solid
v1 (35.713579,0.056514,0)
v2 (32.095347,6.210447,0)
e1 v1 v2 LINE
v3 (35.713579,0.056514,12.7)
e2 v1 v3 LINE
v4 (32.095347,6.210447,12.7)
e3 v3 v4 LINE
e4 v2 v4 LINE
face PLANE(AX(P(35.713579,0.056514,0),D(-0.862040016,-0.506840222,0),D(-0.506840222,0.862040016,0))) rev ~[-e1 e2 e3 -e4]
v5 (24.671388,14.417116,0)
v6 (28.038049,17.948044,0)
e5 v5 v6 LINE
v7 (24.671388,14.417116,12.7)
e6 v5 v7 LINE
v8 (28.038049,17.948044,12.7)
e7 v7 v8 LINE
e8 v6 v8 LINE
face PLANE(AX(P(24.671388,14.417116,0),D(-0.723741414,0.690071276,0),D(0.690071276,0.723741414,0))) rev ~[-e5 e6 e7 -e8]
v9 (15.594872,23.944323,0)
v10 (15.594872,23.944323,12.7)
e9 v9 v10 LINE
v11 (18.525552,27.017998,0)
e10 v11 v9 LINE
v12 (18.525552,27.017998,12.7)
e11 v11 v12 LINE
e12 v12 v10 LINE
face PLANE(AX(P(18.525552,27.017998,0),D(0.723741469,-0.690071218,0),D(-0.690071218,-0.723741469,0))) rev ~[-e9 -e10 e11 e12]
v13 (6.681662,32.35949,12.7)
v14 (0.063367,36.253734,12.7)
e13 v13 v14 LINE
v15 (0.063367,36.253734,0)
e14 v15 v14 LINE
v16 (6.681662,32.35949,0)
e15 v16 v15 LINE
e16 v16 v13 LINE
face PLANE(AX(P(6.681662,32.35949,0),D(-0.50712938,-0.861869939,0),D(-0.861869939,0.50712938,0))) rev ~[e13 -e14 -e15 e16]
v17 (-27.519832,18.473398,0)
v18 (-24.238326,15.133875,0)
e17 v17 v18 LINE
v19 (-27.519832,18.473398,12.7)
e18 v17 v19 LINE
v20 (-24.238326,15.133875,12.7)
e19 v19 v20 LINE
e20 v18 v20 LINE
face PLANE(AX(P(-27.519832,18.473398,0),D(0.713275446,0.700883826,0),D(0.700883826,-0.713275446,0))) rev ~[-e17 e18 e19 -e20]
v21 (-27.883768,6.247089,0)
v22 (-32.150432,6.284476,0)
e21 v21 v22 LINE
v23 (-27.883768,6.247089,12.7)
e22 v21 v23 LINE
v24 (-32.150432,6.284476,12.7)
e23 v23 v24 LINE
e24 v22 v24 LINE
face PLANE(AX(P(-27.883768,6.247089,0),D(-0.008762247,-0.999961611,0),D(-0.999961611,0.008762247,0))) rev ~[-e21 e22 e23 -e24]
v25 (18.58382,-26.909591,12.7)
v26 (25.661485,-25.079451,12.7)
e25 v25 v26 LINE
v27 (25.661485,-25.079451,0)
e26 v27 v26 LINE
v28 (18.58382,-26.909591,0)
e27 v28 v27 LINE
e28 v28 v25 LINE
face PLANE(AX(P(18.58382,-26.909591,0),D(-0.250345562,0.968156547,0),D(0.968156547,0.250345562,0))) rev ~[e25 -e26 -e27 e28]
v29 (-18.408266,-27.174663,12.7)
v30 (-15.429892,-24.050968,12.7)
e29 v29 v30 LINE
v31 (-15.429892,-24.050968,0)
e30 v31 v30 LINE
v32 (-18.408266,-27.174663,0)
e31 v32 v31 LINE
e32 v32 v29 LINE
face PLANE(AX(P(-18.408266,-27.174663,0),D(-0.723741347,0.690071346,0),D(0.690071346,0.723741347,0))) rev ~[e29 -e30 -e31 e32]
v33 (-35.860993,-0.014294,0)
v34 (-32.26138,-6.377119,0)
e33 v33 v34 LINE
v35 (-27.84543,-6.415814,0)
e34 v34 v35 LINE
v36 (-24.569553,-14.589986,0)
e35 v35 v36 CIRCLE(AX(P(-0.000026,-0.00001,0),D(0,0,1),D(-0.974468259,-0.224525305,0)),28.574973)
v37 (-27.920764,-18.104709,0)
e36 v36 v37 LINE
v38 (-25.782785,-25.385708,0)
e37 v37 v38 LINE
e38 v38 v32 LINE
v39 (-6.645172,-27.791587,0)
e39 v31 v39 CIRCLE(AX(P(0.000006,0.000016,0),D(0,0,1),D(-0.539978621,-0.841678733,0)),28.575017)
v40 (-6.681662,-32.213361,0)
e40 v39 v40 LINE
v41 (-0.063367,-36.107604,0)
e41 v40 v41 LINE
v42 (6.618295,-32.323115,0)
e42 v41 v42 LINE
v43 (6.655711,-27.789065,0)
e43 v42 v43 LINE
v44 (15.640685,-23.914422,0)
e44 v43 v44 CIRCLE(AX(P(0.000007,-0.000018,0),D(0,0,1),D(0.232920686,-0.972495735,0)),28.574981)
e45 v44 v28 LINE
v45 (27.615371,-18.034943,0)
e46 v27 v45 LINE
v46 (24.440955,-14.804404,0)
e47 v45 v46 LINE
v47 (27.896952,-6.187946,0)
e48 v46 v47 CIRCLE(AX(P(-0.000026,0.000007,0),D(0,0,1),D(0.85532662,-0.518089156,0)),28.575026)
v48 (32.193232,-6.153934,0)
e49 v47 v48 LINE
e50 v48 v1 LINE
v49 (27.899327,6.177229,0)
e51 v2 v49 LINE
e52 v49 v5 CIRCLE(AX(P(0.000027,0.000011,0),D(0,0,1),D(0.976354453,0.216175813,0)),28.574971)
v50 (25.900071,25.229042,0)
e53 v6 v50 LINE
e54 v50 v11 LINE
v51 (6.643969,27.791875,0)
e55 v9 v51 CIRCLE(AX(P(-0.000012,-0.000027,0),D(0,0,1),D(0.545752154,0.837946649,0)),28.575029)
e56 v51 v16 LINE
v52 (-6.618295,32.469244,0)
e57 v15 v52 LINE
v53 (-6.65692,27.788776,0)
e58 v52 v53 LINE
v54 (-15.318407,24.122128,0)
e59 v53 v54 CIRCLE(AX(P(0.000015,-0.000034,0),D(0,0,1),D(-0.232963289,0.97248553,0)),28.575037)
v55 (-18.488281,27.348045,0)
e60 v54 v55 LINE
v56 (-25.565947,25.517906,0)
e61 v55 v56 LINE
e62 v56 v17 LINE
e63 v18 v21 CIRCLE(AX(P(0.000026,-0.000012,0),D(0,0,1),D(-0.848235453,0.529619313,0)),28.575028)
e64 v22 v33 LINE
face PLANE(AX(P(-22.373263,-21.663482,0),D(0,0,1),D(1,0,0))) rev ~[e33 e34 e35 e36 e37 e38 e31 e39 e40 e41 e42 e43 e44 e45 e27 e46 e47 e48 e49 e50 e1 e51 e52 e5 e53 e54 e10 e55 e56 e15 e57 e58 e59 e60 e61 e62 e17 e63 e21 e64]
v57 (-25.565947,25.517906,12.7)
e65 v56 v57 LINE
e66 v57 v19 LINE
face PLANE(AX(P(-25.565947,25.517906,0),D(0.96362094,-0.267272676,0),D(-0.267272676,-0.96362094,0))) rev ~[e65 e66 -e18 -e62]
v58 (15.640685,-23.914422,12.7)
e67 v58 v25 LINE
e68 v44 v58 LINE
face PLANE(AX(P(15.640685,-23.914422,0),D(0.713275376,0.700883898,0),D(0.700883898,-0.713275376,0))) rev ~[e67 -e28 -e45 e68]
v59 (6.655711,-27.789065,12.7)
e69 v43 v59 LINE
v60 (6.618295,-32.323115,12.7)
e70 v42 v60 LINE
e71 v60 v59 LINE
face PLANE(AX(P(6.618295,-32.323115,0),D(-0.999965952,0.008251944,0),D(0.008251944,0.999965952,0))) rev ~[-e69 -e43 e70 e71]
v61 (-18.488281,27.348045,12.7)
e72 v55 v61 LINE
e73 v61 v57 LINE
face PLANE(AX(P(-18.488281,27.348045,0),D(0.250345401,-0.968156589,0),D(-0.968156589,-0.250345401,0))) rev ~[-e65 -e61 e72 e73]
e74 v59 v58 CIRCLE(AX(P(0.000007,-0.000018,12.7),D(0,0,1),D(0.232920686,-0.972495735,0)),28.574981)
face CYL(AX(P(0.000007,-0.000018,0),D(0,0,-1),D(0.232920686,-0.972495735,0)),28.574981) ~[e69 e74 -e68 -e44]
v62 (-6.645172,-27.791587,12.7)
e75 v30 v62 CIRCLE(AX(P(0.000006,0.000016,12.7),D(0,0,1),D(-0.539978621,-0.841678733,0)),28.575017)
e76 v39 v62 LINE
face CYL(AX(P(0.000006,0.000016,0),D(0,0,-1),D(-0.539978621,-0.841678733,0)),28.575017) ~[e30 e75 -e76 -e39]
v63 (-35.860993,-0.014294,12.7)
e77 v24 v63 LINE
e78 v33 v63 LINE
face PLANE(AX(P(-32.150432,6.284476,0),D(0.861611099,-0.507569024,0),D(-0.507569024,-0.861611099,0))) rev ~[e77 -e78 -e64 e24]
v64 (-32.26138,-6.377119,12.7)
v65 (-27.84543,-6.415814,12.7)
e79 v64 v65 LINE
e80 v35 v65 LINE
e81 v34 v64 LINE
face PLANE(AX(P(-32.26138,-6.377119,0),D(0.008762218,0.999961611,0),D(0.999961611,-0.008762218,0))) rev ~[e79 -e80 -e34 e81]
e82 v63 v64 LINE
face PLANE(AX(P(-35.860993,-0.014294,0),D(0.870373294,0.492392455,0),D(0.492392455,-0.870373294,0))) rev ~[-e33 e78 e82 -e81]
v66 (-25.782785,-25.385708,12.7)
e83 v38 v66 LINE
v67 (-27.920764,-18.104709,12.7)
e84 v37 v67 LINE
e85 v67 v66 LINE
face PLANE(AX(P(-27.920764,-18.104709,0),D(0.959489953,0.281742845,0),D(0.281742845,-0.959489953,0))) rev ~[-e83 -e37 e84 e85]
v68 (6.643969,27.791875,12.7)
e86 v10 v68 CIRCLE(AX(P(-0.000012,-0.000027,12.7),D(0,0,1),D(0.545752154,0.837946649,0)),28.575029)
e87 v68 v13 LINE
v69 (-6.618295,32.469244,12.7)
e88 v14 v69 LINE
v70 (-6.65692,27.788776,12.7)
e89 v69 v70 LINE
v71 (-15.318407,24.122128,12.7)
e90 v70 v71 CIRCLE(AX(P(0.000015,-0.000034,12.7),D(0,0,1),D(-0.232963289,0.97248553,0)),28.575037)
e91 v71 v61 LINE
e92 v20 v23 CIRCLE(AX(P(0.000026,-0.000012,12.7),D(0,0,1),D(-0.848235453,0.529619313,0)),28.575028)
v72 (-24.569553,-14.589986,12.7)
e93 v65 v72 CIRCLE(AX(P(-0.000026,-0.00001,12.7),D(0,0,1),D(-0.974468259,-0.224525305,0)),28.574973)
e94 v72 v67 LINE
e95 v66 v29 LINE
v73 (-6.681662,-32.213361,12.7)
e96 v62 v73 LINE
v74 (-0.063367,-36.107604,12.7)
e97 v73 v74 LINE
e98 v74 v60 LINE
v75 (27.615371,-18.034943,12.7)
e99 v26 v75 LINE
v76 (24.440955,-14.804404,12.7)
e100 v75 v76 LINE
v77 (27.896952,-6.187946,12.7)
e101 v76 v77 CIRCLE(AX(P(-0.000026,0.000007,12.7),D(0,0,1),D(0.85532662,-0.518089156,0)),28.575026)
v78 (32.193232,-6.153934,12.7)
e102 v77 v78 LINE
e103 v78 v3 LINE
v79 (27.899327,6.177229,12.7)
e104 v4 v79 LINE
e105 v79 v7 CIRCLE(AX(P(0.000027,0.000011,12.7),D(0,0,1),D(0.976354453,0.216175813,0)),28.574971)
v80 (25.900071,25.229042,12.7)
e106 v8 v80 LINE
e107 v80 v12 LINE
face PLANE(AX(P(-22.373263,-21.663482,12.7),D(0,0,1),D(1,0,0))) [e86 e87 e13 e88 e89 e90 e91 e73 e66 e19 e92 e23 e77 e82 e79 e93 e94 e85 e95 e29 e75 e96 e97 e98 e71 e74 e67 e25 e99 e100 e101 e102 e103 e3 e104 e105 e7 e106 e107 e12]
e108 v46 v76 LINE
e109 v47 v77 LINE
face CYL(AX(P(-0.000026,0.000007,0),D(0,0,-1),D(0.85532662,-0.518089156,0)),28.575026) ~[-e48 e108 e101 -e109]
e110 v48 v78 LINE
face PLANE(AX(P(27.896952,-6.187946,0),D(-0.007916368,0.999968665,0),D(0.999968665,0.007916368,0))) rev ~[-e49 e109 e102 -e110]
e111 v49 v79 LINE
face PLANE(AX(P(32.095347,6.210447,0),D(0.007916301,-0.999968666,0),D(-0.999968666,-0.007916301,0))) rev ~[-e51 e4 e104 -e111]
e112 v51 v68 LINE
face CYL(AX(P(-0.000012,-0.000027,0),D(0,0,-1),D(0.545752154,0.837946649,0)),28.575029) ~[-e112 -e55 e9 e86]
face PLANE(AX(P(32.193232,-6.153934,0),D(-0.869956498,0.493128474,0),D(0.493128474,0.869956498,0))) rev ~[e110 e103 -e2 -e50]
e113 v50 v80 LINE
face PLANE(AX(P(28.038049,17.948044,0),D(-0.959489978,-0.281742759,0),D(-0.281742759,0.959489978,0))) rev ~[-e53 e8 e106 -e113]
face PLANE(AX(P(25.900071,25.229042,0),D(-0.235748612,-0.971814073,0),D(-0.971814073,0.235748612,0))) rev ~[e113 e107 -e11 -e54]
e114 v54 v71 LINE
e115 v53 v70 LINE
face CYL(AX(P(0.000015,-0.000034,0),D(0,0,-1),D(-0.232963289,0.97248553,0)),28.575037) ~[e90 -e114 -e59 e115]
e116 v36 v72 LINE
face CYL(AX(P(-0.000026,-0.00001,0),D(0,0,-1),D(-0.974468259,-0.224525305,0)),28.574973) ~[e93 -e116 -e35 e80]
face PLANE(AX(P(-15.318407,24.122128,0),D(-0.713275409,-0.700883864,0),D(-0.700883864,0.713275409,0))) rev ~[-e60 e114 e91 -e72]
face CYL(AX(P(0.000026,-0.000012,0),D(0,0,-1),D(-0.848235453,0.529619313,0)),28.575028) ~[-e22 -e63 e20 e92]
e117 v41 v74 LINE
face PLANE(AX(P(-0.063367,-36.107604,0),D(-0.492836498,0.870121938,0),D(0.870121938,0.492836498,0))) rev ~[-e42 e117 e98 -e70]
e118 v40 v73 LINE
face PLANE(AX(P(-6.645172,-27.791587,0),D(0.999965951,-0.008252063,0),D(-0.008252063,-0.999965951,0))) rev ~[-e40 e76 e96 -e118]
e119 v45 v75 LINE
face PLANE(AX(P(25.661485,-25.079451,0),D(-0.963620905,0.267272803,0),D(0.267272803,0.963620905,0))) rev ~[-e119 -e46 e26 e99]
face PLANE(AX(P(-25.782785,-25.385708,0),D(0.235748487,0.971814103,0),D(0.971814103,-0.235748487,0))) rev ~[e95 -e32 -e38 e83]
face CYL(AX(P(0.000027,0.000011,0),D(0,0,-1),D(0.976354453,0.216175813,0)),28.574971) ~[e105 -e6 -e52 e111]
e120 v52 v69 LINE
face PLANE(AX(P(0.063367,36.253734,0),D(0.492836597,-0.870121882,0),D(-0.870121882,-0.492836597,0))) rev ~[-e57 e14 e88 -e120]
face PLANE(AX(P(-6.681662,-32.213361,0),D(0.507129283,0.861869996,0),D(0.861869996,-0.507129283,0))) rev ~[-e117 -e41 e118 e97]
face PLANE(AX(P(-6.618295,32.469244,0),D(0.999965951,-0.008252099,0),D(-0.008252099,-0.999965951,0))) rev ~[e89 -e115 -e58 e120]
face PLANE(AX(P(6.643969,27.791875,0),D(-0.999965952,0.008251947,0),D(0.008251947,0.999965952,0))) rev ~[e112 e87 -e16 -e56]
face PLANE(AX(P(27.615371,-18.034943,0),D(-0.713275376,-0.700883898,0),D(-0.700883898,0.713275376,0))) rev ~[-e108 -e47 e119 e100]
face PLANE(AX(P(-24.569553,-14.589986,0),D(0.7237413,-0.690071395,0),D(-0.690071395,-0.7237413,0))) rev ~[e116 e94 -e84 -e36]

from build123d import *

# Parameters (mm, degrees)
F1_DEPTH = 12.7


with BuildPart() as f1:
    # F0 (on Top) → F1 (new body)
    with BuildSketch(Plane.XY):
        with BuildLine():
            Line((-18.408266, -27.174663), (-15.429892, -24.050968))
            ThreePointArc((-15.429892, -24.050968), (-20.551556, -19.853568), (-24.569553, -14.589986))
            Line((-24.569553, -14.589986), (-27.920764, -18.104709))
            Line((-27.920764, -18.104709), (-25.782785, -25.385708))
            Line((-25.782785, -25.385708), (-18.408266, -27.174663))
        make_face()
        with BuildLine():
            ThreePointArc((-27.84543, -6.415814), (-28.574869, -0.086513), (-27.883768, 6.247089))
            Line((-27.883768, 6.247089), (-32.150432, 6.284476))
            Line((-32.150432, 6.284476), (-35.860993, -0.014294))
            Line((-35.860993, -0.014294), (-32.26138, -6.377119))
            Line((-32.26138, -6.377119), (-27.84543, -6.415814))
        make_face()
        with BuildLine():
            ThreePointArc((-24.238326, 15.133875), (-20.282528, 20.12833), (-15.318407, 24.122128))
            Line((-15.318407, 24.122128), (-18.488281, 27.348045))
            Line((-18.488281, 27.348045), (-25.565947, 25.517906))
            Line((-25.565947, 25.517906), (-27.519832, 18.473398))
            Line((-27.519832, 18.473398), (-24.238326, 15.133875))
        make_face()
        with BuildLine():
            ThreePointArc((-6.65692, 27.788776), (-0.006658, 28.574999), (6.643969, 27.791875))
            Line((6.643969, 27.791875), (6.681662, 32.35949))
            Line((6.681662, 32.35949), (0.063367, 36.253734))
            Line((0.063367, 36.253734), (-6.618295, 32.469244))
            Line((-6.618295, 32.469244), (-6.65692, 27.788776))
        make_face()
        with BuildLine():
            ThreePointArc((15.594872, 23.944323), (20.689003, 19.710296), (24.671388, 14.417116))
            Line((24.671388, 14.417116), (28.038049, 17.948044))
            Line((28.038049, 17.948044), (25.900071, 25.229042))
            Line((25.900071, 25.229042), (18.525552, 27.017998))
            Line((18.525552, 27.017998), (15.594872, 23.944323))
        make_face()
        with BuildLine():
            ThreePointArc((27.899327, 6.177229), (28.40558, 3.107036), (28.575, 0))
            ThreePointArc((28.575, 0), (28.404982, -3.112492), (27.896952, -6.187946))
            Line((27.896952, -6.187946), (32.193232, -6.153934))
            Line((32.193232, -6.153934), (35.713579, 0.056514))
            Line((35.713579, 0.056514), (32.095347, 6.210447))
            Line((32.095347, 6.210447), (27.899327, 6.177229))
        make_face()
        with BuildLine():
            Line((27.615371, -18.034943), (24.440955, -14.804404))
            ThreePointArc((24.440955, -14.804404), (20.551948, -19.853162), (15.640685, -23.914422))
            Line((15.640685, -23.914422), (18.58382, -26.909591))
            Line((18.58382, -26.909591), (25.661485, -25.079451))
            Line((25.661485, -25.079451), (27.615371, -18.034943))
        make_face()
        with BuildLine():
            Line((6.618295, -32.323115), (6.655711, -27.789065))
            ThreePointArc((6.655711, -27.789065), (0.005418, -28.574999), (-6.645172, -27.791587))
            Line((-6.645172, -27.791587), (-6.681662, -32.213361))
            Line((-6.681662, -32.213361), (-0.063367, -36.107604))
            Line((-0.063367, -36.107604), (6.618295, -32.323115))
        make_face()
        with BuildLine():
            Line((24.956768, 6.153934), (27.899327, 6.177229))
            ThreePointArc((27.899327, 6.177229), (26.606277, 10.422891), (24.671388, 14.417116))
            Line((24.671388, 14.417116), (22.801509, 12.456001))
            Line((22.801509, 12.456001), (15.42699, 14.244957))
            Line((15.42699, 14.244957), (13.289012, 21.525955))
            Line((13.289012, 21.525955), (15.594872, 23.944323))
            ThreePointArc((15.594872, 23.944323), (11.28461, 26.252394), (6.643969, 27.791875))
            Line((6.643969, 27.791875), (6.618295, 24.680756))
            Line((6.618295, 24.680756), (-0.063367, 20.896266))
            Line((-0.063367, 20.896266), (-6.681662, 24.79051))
            Line((-6.681662, 24.79051), (-6.65692, 27.788776))
            ThreePointArc((-6.65692, 27.788776), (-11.139561, 26.31427), (-15.318407, 24.122128))
            Line((-15.318407, 24.122128), (-13.364501, 22.133677))
            Line((-13.364501, 22.133677), (-15.318386, 15.089169))
            Line((-15.318386, 15.089169), (-22.396052, 13.25903))
            Line((-22.396052, 13.25903), (-24.238326, 15.133875))
            ThreePointArc((-24.238326, 15.133875), (-26.437131, 10.844755), (-27.883768, 6.247089))
            Line((-27.883768, 6.247089), (-24.840257, 6.22042))
            Line((-24.840257, 6.22042), (-21.240644, -0.142405))
            Line((-21.240644, -0.142405), (-24.951205, -6.441174))
            Line((-24.951205, -6.441174), (-27.84543, -6.415814))
            ThreePointArc((-27.84543, -6.415814), (-26.52427, -10.629852), (-24.569553, -14.589986))
            Line((-24.569553, -14.589986), (-22.684223, -12.612666))
            Line((-22.684223, -12.612666), (-15.309704, -14.401622))
            Line((-15.309704, -14.401622), (-13.171726, -21.68262))
            Line((-13.171726, -21.68262), (-15.429892, -24.050968))
            ThreePointArc((-15.429892, -24.050968), (-11.194873, -26.290786), (-6.645172, -27.791587))
            Line((-6.645172, -27.791587), (-6.618295, -24.534627))
            Line((-6.618295, -24.534627), (0.063367, -20.750137))
            Line((0.063367, -20.750137), (6.681662, -24.644381))
            Line((6.681662, -24.644381), (6.655711, -27.789065))
            ThreePointArc((6.655711, -27.789065), (11.315279, -26.23919), (15.640685, -23.914422))
            Line((15.640685, -23.914422), (13.46004, -21.695223))
            Line((13.46004, -21.695223), (15.413925, -14.650715))
            Line((15.413925, -14.650715), (22.491591, -12.820575))
            Line((22.491591, -12.820575), (24.440955, -14.804404))
            ThreePointArc((24.440955, -14.804404), (26.521217, -10.637465), (27.896952, -6.187946))
            Line((27.896952, -6.187946), (25.054653, -6.210447))
            Line((25.054653, -6.210447), (21.436421, -0.056514))
            Line((21.436421, -0.056514), (24.956768, 6.153934))
        make_face()
        with BuildLine():
            ThreePointArc((-6.645172, -27.791587), (0.005418, -28.574999), (6.655711, -27.789065))
            Line((6.655711, -27.789065), (6.681662, -24.644381))
            Line((6.681662, -24.644381), (0.063367, -20.750137))
            Line((0.063367, -20.750137), (-6.618295, -24.534627))
            Line((-6.618295, -24.534627), (-6.645172, -27.791587))
        make_face()
        with BuildLine():
            ThreePointArc((-24.569553, -14.589986), (-20.551556, -19.853568), (-15.429892, -24.050968))
            Line((-15.429892, -24.050968), (-13.171726, -21.68262))
            Line((-13.171726, -21.68262), (-15.309704, -14.401622))
            Line((-15.309704, -14.401622), (-22.684223, -12.612666))
            Line((-22.684223, -12.612666), (-24.569553, -14.589986))
        make_face()
        with BuildLine():
            Line((-24.840257, 6.22042), (-27.883768, 6.247089))
            ThreePointArc((-27.883768, 6.247089), (-28.574869, -0.086513), (-27.84543, -6.415814))
            Line((-27.84543, -6.415814), (-24.951205, -6.441174))
            Line((-24.951205, -6.441174), (-21.240644, -0.142405))
            Line((-21.240644, -0.142405), (-24.840257, 6.22042))
        make_face()
        with BuildLine():
            Line((-13.364501, 22.133677), (-15.318407, 24.122128))
            ThreePointArc((-15.318407, 24.122128), (-20.282528, 20.12833), (-24.238326, 15.133875))
            Line((-24.238326, 15.133875), (-22.396052, 13.25903))
            Line((-22.396052, 13.25903), (-15.318386, 15.089169))
            Line((-15.318386, 15.089169), (-13.364501, 22.133677))
        make_face()
        with BuildLine():
            Line((6.618295, 24.680756), (6.643969, 27.791875))
            ThreePointArc((6.643969, 27.791875), (-0.006658, 28.574999), (-6.65692, 27.788776))
            Line((-6.65692, 27.788776), (-6.681662, 24.79051))
            Line((-6.681662, 24.79051), (-0.063367, 20.896266))
            Line((-0.063367, 20.896266), (6.618295, 24.680756))
        make_face()
        with BuildLine():
            Line((22.801509, 12.456001), (24.671388, 14.417116))
            ThreePointArc((24.671388, 14.417116), (20.689003, 19.710296), (15.594872, 23.944323))
            Line((15.594872, 23.944323), (13.289012, 21.525955))
            Line((13.289012, 21.525955), (15.42699, 14.244957))
            Line((15.42699, 14.244957), (22.801509, 12.456001))
        make_face()
        with BuildLine():
            ThreePointArc((27.896952, -6.187946), (28.404982, -3.112492), (28.575, 0))
            ThreePointArc((28.575, 0), (28.40558, 3.107036), (27.899327, 6.177229))
            Line((27.899327, 6.177229), (24.956768, 6.153934))
            Line((24.956768, 6.153934), (21.436421, -0.056514))
            Line((21.436421, -0.056514), (25.054653, -6.210447))
            Line((25.054653, -6.210447), (27.896952, -6.187946))
        make_face()
        with BuildLine():
            ThreePointArc((15.640685, -23.914422), (20.551948, -19.853162), (24.440955, -14.804404))
            Line((24.440955, -14.804404), (22.491591, -12.820575))
            Line((22.491591, -12.820575), (15.413925, -14.650715))
            Line((15.413925, -14.650715), (13.46004, -21.695223))
            Line((13.46004, -21.695223), (15.640685, -23.914422))
        make_face()
    extrude(amount=F1_DEPTH)


solid = f1.part
